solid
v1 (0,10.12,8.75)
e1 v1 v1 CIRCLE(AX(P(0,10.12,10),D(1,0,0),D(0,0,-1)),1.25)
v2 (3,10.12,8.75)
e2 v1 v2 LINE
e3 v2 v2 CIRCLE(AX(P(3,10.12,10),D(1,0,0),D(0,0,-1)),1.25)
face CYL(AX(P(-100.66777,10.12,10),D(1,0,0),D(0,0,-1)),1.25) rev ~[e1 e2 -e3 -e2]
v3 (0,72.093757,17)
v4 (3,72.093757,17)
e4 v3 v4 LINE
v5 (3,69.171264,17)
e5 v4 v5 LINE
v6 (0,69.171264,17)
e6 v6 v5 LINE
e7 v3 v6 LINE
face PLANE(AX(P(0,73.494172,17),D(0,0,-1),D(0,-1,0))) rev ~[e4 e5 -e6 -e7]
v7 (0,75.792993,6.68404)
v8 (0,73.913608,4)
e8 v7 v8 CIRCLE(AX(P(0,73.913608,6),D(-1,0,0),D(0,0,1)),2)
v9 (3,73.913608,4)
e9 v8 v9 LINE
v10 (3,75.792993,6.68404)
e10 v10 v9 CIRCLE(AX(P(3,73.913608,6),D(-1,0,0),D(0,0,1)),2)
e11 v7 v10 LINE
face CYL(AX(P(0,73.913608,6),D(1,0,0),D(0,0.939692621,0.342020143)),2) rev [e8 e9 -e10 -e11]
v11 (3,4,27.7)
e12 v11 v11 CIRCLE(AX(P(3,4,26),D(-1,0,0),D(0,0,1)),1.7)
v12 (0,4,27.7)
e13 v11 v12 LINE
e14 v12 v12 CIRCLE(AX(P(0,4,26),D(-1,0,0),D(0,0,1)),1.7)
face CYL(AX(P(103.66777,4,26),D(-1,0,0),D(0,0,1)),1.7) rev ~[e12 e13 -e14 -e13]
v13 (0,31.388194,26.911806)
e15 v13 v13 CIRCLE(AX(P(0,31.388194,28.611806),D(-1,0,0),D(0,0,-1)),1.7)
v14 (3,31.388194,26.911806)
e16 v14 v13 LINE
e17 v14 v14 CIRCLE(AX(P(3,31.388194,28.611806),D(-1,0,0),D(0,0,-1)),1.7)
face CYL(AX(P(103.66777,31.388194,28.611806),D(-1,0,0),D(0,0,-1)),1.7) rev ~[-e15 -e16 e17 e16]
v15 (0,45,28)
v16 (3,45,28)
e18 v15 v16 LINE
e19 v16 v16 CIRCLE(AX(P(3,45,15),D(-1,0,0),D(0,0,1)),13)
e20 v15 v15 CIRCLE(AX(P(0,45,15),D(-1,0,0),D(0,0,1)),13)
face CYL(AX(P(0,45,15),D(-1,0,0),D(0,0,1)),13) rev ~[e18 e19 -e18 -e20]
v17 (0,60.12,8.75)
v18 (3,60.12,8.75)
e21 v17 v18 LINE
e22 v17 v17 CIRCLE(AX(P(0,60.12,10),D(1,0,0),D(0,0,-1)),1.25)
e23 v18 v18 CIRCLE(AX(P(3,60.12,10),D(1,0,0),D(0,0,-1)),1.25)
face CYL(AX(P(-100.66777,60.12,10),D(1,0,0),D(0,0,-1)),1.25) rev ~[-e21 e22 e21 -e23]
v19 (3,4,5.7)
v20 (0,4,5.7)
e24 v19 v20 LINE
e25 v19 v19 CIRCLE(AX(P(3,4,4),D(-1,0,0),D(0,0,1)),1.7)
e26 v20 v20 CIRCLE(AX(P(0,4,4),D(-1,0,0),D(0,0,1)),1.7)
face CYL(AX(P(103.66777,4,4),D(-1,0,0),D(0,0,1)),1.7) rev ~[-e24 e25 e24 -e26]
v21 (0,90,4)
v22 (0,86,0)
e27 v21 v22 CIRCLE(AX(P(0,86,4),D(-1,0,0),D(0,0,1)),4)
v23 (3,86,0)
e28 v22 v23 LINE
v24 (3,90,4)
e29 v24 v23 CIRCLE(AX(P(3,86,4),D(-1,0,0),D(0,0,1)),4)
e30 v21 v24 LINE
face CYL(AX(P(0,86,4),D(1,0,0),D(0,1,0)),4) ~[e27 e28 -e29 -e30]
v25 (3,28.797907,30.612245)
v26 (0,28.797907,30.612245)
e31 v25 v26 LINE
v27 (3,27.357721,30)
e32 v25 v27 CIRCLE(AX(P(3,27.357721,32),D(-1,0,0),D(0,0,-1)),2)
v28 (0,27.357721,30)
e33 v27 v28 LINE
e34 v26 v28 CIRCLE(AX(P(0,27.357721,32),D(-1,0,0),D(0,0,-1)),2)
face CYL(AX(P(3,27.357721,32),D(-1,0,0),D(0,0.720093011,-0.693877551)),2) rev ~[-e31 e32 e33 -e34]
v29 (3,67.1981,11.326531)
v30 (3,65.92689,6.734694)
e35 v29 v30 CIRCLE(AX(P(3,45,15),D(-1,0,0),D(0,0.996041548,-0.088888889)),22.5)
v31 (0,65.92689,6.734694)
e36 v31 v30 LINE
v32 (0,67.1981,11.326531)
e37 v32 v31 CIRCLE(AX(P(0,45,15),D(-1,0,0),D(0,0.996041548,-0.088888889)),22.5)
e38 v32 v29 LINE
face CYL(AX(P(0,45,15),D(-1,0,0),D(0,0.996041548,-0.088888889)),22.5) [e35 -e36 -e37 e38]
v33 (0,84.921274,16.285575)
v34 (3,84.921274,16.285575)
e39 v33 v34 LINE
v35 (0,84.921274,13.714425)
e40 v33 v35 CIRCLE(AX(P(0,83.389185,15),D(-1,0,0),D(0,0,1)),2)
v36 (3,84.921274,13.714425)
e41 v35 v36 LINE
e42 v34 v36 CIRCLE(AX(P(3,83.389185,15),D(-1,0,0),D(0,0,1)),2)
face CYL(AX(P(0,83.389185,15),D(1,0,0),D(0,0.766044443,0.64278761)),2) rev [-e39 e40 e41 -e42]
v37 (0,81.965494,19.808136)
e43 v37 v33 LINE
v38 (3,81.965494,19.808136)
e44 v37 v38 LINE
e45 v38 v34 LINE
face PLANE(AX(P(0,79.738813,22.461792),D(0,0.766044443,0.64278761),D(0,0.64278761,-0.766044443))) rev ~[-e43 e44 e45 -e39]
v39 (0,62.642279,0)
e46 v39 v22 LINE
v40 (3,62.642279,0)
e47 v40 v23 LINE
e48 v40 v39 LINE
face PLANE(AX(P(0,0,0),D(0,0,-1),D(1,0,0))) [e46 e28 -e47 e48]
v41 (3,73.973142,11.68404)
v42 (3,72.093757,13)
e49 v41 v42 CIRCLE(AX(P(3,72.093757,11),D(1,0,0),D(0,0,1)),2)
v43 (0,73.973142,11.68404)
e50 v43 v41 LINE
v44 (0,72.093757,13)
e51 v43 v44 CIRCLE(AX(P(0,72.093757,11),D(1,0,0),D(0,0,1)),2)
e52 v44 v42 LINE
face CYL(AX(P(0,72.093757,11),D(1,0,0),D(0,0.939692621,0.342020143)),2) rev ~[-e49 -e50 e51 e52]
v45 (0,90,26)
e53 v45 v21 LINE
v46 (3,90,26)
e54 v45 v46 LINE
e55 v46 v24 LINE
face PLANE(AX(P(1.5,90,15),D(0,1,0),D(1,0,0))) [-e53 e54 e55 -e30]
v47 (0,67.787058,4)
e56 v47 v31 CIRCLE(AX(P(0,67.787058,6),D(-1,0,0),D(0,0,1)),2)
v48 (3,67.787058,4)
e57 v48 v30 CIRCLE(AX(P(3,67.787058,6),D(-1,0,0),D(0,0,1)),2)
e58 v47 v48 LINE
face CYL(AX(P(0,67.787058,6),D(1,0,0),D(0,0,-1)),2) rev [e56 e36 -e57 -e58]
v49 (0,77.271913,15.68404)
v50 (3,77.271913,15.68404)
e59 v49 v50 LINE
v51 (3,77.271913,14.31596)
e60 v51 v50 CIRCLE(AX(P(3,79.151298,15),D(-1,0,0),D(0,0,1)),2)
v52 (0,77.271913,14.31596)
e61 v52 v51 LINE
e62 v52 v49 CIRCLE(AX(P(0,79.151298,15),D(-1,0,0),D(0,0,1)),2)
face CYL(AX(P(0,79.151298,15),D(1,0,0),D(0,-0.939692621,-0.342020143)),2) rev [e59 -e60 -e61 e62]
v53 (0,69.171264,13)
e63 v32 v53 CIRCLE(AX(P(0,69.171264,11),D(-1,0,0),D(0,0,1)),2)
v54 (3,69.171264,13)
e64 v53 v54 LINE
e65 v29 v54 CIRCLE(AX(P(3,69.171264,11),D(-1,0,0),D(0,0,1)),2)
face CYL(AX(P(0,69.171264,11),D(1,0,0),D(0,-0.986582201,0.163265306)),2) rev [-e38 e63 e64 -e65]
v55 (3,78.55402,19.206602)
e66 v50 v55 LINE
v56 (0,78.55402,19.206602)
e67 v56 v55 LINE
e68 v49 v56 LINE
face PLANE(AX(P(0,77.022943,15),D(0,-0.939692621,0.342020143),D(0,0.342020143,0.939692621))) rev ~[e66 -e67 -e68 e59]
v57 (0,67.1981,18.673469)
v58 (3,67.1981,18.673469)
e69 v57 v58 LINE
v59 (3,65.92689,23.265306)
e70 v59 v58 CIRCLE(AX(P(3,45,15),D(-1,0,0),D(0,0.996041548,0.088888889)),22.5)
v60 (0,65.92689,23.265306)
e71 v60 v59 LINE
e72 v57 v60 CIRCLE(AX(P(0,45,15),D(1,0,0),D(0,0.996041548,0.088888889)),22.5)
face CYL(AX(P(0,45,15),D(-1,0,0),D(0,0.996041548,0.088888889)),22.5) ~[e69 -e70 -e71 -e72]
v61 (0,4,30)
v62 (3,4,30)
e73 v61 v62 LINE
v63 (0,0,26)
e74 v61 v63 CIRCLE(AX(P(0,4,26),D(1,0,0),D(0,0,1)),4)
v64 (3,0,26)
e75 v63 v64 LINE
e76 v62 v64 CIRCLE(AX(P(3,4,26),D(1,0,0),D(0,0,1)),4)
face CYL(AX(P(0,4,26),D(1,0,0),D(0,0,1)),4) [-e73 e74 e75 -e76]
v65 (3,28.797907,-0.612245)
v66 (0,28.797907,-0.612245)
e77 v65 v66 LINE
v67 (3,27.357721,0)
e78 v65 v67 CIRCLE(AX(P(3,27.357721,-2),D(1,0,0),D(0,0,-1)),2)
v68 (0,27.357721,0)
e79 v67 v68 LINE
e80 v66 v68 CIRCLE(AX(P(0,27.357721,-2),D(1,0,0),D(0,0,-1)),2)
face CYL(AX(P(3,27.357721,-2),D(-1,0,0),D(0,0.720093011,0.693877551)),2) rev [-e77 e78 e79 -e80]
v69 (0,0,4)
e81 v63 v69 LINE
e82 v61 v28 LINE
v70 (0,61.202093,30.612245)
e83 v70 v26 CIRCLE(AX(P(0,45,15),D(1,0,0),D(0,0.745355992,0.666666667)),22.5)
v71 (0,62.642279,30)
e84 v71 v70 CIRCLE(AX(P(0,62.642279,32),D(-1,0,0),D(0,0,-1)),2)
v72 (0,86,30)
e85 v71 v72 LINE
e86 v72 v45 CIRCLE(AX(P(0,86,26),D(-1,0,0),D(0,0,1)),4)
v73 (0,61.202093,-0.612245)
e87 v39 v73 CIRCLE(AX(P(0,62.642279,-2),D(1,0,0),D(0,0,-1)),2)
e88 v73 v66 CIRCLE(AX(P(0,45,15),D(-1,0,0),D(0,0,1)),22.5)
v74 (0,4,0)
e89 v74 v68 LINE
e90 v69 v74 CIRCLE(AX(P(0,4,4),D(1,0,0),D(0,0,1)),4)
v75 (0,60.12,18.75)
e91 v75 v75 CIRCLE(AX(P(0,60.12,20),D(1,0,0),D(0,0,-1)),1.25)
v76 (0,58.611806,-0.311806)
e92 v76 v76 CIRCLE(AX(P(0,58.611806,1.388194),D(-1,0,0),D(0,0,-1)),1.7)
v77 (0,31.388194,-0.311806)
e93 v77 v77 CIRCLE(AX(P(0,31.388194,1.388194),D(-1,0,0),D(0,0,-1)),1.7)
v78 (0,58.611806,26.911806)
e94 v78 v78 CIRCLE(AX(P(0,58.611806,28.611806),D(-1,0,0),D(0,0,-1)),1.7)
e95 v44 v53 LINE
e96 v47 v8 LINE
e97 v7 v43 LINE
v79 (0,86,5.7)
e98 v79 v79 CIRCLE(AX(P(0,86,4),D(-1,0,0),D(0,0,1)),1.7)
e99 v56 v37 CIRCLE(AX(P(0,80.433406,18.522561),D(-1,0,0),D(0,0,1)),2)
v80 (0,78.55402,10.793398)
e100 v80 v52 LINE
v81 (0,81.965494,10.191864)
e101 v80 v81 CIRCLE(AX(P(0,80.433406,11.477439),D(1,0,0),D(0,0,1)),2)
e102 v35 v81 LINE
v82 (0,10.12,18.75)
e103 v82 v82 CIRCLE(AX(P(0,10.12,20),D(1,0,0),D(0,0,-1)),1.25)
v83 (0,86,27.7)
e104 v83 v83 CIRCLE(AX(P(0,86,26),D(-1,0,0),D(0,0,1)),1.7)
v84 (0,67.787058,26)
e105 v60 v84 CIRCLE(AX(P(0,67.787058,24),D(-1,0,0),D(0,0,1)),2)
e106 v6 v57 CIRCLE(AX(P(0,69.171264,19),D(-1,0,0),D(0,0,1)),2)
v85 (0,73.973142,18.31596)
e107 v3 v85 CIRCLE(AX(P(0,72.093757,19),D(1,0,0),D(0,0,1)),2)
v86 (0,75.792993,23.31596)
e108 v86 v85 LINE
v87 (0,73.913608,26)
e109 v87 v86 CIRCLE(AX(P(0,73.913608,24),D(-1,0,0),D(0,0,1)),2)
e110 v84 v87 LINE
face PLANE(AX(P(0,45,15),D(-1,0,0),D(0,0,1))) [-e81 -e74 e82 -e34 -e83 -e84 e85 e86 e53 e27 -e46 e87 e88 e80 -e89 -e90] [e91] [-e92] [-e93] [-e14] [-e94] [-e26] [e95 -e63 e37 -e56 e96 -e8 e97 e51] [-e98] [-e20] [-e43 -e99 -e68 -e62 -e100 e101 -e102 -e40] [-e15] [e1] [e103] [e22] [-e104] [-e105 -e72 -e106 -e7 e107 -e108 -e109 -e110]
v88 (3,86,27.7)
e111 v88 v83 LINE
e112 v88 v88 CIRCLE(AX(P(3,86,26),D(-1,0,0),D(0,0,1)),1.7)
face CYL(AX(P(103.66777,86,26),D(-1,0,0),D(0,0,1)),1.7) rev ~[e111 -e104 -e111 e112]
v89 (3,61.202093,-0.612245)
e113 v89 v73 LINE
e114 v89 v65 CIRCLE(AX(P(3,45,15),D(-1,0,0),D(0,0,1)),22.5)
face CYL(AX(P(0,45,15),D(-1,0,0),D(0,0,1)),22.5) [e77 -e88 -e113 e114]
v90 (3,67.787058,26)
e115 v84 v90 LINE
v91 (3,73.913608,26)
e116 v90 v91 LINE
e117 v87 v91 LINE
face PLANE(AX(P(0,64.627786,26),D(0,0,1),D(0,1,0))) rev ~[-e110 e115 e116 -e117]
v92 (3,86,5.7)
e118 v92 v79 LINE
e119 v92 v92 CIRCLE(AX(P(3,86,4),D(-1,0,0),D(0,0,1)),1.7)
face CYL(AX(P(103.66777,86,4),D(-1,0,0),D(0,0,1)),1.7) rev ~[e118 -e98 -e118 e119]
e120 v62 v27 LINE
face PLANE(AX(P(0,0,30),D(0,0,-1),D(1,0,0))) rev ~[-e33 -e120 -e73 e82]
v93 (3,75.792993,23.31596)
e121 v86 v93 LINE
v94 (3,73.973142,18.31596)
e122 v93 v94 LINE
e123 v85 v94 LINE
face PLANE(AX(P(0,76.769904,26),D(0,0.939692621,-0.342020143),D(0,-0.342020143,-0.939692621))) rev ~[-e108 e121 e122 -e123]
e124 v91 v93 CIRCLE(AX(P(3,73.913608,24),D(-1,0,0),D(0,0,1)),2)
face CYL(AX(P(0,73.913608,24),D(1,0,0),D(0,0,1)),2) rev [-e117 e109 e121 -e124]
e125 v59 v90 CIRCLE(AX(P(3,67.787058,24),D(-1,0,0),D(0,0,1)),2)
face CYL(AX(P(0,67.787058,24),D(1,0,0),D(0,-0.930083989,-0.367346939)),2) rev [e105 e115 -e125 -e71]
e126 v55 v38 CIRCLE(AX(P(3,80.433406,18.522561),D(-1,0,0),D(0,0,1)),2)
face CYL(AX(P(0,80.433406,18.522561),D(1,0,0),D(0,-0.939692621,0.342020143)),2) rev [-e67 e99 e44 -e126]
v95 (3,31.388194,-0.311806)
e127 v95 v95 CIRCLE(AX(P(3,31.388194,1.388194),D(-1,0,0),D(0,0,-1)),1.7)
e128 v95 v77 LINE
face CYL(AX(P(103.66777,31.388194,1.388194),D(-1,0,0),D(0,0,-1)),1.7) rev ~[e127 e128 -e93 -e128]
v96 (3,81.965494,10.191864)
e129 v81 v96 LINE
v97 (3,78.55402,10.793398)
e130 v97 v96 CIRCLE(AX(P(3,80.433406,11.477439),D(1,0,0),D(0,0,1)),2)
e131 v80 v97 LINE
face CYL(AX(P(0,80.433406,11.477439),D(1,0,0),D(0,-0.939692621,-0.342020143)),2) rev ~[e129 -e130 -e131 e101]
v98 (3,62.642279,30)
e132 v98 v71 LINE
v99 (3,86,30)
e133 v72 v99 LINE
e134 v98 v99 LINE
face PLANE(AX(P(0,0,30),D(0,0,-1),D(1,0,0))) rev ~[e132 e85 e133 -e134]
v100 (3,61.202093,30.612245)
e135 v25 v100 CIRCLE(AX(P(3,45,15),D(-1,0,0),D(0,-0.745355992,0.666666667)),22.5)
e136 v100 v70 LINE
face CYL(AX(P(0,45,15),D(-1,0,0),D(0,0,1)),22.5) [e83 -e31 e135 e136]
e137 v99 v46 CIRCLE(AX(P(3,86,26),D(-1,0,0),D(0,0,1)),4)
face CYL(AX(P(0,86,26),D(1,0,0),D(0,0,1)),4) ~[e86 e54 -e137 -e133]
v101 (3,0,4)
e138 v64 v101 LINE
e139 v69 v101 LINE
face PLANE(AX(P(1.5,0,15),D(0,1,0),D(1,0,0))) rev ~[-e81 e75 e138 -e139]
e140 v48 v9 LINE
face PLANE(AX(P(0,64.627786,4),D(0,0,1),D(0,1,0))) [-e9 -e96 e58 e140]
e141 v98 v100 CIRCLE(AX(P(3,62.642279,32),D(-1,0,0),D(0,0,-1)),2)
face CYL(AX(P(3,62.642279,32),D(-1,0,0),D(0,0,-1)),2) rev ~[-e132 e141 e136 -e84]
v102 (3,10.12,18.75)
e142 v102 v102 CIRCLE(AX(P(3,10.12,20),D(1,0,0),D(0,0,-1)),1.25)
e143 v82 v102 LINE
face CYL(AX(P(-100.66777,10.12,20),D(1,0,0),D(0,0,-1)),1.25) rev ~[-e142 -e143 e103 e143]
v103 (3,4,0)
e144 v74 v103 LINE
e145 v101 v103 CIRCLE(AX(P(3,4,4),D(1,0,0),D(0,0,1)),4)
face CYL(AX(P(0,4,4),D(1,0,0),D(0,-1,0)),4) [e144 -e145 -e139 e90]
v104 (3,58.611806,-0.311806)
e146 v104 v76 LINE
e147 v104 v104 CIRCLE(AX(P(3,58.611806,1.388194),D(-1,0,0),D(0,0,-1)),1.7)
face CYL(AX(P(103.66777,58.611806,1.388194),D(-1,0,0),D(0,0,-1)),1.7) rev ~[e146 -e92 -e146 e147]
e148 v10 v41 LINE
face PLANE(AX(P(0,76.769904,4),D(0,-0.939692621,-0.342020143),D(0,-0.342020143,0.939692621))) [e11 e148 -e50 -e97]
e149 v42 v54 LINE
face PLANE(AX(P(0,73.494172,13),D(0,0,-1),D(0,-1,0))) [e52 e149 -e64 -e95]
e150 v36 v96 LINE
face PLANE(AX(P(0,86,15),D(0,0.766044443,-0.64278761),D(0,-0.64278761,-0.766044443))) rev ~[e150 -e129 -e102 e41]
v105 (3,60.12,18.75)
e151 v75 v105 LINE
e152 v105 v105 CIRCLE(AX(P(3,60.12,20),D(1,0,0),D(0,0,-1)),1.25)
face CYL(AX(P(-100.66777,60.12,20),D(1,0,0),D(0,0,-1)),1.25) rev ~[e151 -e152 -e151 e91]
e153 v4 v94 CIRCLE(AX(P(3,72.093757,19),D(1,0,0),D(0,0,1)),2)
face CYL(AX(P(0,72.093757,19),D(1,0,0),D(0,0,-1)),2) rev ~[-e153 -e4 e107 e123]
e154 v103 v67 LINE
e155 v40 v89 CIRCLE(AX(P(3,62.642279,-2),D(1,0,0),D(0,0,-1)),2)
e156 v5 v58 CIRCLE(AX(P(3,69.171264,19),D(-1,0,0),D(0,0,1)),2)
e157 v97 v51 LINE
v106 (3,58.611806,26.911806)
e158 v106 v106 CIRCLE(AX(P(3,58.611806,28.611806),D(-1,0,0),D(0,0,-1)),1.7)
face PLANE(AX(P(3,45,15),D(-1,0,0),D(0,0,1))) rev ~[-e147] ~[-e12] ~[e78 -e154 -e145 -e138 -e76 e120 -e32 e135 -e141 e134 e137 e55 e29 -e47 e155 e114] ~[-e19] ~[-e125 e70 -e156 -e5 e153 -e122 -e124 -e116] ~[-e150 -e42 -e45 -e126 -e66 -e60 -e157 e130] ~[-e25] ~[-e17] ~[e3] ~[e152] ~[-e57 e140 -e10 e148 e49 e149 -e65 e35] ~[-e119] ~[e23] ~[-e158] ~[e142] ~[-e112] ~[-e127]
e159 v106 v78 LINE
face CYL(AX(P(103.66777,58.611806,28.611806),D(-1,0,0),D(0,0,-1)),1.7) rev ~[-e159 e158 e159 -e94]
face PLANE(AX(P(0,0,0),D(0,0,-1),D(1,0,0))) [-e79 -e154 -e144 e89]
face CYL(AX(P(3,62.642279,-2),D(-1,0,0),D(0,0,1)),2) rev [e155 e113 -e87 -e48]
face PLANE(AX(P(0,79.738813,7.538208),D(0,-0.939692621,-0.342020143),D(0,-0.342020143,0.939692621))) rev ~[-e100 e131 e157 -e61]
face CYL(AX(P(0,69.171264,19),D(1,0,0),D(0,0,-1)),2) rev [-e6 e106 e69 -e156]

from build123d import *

# Parameters (mm, degrees)
SKETCH_1_W          = 3
SKETCH_1_H          = 30
EXTRUDE_1_DEPTH     = 90
SKETCH_2_R          = 22.5
EXTRUDE_2_DEPTH     = 3
SKETCH_3_R          = 13
CUT_EXTRUDE_1_DEPTH = 98.546142927
HOLE_WIZARD_M31_D   = 3.4
HOLE_WIZARD_M32_D   = 3.4
FILLET_1_R          = 4
M3X0_51_D           = 2.5
CUT_EXTRUDE_2_DEPTH = 98.546142927
FILLET_2_R          = 2


with BuildPart() as part:
    # Эскиз1 → Бобышка-Вытянуть1 (new body)
    with BuildSketch(Plane(origin=(0, 0, 0), x_dir=(1, 0, 0), z_dir=(0, 1, 0))):
        with Locations((1.5, -15)):
            Rectangle(SKETCH_1_W, SKETCH_1_H)
    extrude(amount=EXTRUDE_1_DEPTH)

    # Эскиз2 → Бобышка-Вытянуть2 (add)
    with BuildSketch(Plane.ZY):
        with Locations((15, 45)):
            Circle(SKETCH_2_R)
    extrude(amount=-EXTRUDE_2_DEPTH)

    # Эскиз3 → Вырез-Вытянуть1 (cut, through all)
    with BuildSketch(Plane.ZY):
        with Locations((15, 45)):
            Circle(SKETCH_3_R)
    extrude(amount=-CUT_EXTRUDE_1_DEPTH, mode=Mode.SUBTRACT)

    # Отверстие с зазором M31 (through all)
    with Locations(Plane(origin=(3, -25.024735225, 7.262908886), x_dir=(0, 0, 1), z_dir=(1, 0, 0))):
        with Locations((21.348896652, -83.636540763), (-5.874714424, -83.636540763), (-5.874714424, -56.412929688), (21.348896652, -56.412929688)):
            Hole(HOLE_WIZARD_M31_D / 2)

    # Отверстие с зазором M32 (through all)
    with Locations(Plane(origin=(3, 0, 0), x_dir=(0, 0, -1), z_dir=(1, 0, 0))):
        with Locations((-26, 86), (-4, 86), (-4, 4), (-26, 4)):
            Hole(HOLE_WIZARD_M32_D / 2)

    # Скругление1
    fillet_1_edges = [part.edges().sort_by_distance(p)[0] for p in [
        (1.5, 90, 0),
        (1.5, 0, 0),
        (1.5, 0, 30),
        (1.5, 90, 30),
    ]]
    fillet(fillet_1_edges, radius=FILLET_1_R)

    # Отверстие обработанное метчиком M3x0.51 (through all)
    with Locations(Plane.ZY):
        with Locations((10, 60.12), (20, 60.12), (10, 10.12), (20, 10.12)):
            Hole(M3X0_51_D / 2)

    # Эскиз14 → Вырез-Вытянуть2 (cut, through all)
    with BuildSketch(Plane.ZY):
        with BuildLine():
            Line((13, 73.494171949), (13, 67.410934831))
            ThreePointArc((13, 67.410934831), (8.352708916, 66.495662847), (4, 64.627786426))
            Line((4, 64.627786426), (4, 76.769904057))
            Line((4, 76.769904057), (13, 73.494171949))
        make_face()
        with BuildLine():
            Line((17, 73.494171949), (17, 67.410934831))
            ThreePointArc((17, 67.410934831), (21.647291084, 66.495662847), (26, 64.627786426))
            Line((26, 64.627786426), (26, 76.769904057))
            Line((26, 76.769904057), (17, 73.494171949))
        make_face()
        Polygon((7.538207724, 79.738812853), (15, 77.02294257), (22.461792276, 79.738812853), (15, 86), align=None)
    extrude(amount=-CUT_EXTRUDE_2_DEPTH, mode=Mode.SUBTRACT)

    # Скругление2
    fillet_2_edges = [part.edges().sort_by_distance(p)[0] for p in [
        (1.5, 67.410934831, 13),
        (1.5, 64.627786426, 4),
        (1.5, 76.769904057, 4),
        (1.5, 73.494171949, 13),
        (1.5, 28.229490169, 0),
        (1.5, 61.770509831, 0),
        (1.5, 64.627786426, 26),
        (1.5, 67.410934831, 17),
        (1.5, 73.494171949, 17),
        (1.5, 76.769904057, 26),
        (1.5, 79.738812853, 7.538207724),
        (1.5, 86, 15),
        (1.5, 79.738812853, 22.461792276),
        (1.5, 77.02294257, 15),
        (1.5, 28.229490169, 30),
        (1.5, 61.770509831, 30),
    ]]
    fillet(fillet_2_edges, radius=FILLET_2_R)


solid = part.part
